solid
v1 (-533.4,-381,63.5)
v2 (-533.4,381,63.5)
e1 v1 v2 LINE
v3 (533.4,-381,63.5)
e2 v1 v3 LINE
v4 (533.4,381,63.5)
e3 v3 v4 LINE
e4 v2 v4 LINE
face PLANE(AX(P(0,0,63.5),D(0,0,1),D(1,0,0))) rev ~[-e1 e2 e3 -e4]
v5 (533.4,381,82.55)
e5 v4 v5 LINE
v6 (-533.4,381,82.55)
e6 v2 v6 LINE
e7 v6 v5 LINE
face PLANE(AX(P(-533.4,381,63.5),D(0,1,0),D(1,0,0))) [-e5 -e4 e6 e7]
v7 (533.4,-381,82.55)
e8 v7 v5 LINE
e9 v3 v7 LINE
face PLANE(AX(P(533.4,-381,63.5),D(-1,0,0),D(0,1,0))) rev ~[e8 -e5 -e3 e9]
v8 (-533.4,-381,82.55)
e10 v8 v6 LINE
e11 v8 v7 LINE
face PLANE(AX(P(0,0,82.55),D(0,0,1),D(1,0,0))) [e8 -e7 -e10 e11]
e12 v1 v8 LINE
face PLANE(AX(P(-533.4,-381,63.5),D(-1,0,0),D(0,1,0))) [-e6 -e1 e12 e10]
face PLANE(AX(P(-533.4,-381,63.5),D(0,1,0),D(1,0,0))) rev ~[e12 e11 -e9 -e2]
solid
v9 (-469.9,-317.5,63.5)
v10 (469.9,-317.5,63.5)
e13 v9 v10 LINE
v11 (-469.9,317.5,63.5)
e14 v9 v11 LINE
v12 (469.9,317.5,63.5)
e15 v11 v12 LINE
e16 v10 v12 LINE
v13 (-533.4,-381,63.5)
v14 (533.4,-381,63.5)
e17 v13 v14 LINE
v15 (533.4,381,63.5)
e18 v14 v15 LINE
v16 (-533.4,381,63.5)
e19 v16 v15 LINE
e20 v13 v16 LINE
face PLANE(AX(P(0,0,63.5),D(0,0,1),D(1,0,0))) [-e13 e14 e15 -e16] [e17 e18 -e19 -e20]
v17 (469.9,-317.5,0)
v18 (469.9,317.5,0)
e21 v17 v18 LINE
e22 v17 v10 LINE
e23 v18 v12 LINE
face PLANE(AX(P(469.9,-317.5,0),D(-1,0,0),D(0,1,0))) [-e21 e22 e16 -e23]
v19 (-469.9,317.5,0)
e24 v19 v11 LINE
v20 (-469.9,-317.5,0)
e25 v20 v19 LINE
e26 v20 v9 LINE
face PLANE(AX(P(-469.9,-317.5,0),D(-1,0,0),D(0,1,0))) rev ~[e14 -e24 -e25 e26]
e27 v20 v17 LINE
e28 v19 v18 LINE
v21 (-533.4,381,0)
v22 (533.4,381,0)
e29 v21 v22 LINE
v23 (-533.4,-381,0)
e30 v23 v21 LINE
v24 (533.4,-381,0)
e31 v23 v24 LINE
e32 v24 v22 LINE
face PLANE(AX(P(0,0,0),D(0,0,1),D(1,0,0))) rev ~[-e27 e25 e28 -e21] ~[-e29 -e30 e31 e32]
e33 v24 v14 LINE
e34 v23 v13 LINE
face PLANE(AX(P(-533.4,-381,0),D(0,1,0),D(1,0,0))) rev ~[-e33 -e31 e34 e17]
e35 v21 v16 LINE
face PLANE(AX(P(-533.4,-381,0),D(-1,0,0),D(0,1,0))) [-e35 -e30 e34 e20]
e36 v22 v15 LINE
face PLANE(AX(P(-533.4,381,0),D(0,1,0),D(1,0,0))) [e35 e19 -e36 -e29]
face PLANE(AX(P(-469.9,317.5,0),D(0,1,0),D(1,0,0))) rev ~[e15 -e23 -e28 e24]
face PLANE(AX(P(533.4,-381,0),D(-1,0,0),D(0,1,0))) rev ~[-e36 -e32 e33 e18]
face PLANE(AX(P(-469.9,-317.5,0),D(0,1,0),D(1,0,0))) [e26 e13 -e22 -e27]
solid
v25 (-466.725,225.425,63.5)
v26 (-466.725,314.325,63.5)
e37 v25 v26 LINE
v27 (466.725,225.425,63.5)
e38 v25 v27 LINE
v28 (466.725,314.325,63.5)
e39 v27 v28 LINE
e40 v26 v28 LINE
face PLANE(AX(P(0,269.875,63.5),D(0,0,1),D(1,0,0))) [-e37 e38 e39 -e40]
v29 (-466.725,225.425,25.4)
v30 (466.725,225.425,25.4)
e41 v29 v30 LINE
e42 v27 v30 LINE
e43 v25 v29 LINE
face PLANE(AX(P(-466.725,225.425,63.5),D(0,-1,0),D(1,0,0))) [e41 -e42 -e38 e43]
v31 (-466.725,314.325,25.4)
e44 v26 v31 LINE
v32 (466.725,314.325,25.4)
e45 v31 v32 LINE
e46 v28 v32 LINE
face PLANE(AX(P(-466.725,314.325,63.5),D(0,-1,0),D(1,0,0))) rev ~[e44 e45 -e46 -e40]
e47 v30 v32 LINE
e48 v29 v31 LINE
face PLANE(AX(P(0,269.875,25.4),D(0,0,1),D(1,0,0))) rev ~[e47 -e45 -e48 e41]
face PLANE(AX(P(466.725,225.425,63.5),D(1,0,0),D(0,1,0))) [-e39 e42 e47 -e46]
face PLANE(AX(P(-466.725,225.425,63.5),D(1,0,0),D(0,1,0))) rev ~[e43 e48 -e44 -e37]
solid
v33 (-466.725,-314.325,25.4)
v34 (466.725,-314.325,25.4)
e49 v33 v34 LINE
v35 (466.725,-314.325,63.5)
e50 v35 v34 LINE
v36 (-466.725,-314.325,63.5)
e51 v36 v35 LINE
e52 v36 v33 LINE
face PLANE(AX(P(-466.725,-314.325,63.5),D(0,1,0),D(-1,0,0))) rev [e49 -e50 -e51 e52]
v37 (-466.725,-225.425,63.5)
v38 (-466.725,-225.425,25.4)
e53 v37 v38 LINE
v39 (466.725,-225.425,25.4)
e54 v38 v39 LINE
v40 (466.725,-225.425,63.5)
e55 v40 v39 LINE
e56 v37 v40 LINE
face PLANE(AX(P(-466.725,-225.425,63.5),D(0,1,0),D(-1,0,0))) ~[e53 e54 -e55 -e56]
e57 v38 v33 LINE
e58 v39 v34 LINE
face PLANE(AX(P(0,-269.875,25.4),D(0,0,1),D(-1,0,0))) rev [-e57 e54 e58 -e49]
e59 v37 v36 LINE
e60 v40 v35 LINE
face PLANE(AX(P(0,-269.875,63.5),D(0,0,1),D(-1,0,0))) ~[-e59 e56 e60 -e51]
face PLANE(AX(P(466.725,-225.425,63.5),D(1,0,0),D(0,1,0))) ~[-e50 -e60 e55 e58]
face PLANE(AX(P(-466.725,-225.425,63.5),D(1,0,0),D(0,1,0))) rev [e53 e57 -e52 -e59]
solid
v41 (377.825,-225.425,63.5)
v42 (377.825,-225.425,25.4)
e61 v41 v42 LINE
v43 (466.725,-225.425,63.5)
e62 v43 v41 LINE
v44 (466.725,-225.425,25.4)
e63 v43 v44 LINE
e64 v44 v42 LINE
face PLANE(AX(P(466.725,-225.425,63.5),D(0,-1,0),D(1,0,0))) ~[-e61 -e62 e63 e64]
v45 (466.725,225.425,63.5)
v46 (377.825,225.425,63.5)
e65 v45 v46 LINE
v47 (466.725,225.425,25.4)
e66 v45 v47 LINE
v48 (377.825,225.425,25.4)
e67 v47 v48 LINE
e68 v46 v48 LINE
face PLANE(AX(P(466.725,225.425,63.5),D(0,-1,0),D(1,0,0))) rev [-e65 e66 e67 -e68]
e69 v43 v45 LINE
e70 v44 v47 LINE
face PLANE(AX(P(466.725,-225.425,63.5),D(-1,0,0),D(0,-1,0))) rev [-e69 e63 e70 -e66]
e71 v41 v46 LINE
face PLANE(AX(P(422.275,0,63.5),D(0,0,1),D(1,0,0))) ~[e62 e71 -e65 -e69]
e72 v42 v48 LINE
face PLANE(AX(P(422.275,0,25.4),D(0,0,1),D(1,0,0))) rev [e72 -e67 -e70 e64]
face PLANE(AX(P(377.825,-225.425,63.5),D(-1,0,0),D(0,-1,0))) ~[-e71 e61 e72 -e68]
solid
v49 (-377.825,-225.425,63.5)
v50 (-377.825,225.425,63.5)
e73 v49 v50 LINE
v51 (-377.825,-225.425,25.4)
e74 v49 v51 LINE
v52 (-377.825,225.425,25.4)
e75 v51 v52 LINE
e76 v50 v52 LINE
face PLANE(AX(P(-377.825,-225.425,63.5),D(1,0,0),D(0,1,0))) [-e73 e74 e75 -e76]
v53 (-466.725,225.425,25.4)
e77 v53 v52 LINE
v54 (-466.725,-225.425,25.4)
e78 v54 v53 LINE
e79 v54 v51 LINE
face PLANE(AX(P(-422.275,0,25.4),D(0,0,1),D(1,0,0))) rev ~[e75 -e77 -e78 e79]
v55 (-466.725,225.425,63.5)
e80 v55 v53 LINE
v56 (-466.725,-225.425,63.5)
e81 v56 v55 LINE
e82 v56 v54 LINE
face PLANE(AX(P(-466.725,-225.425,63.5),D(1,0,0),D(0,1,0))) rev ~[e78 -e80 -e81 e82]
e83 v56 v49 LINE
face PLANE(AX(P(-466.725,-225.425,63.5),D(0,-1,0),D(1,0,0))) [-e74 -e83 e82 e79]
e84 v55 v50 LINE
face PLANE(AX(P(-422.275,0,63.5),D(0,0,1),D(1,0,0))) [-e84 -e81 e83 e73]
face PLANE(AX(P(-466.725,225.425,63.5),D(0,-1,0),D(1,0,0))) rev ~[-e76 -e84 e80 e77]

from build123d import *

# Parameters (mm, degrees)
F0_W     = 1066.8
F0_H     = 762
F0_W_2   = 939.8
F0_H_2   = 635
F1_DEPTH = 63.5
F2_W     = 933.45
F2_H     = 88.9
F3_DEPTH = 38.1
F5_W     = 88.9
F5_H     = 450.85
F6_DEPTH = 38.1
F8_W     = 1066.8
F8_H     = 762
F9_DEPTH = 19.05


with BuildPart() as f1:
    # F0 (on Top) → F1 (new body)
    with BuildSketch(Plane.XY):
        Rectangle(F0_W, F0_H)
        Rectangle(F0_W_2, F0_H_2, mode=Mode.SUBTRACT)
    extrude(amount=F1_DEPTH)


with BuildPart() as f3:
    # F2 (on face) → F3 (new body)
    with BuildSketch(Plane.XY.offset(63.5)):
        with Locations((0, 269.875)):
            Rectangle(F2_W, F2_H)
    extrude(amount=-F3_DEPTH)


with BuildPart() as f4_1:
    # F4: instance of F3
    add(f3.part.mirror(Plane.XZ))


with BuildPart() as f6:
    # F5 (on face) → F6 (new body)
    with BuildSketch(Plane.XY.offset(63.5)):
        with Locations((-422.275, 0)):
            Rectangle(F5_W, F5_H)
    extrude(amount=-F6_DEPTH)


with BuildPart() as f7_1:
    # F7: instance of F6
    add(f6.part.mirror(Plane.YZ))


with BuildPart() as f9:
    # F8 (on face) → F9 (new body)
    with BuildSketch(Plane.XY.offset(63.5)):
        Rectangle(F8_W, F8_H)
    extrude(amount=F9_DEPTH)


solid = Compound([f1.part, f3.part, f4_1.part, f6.part, f7_1.part, f9.part])
